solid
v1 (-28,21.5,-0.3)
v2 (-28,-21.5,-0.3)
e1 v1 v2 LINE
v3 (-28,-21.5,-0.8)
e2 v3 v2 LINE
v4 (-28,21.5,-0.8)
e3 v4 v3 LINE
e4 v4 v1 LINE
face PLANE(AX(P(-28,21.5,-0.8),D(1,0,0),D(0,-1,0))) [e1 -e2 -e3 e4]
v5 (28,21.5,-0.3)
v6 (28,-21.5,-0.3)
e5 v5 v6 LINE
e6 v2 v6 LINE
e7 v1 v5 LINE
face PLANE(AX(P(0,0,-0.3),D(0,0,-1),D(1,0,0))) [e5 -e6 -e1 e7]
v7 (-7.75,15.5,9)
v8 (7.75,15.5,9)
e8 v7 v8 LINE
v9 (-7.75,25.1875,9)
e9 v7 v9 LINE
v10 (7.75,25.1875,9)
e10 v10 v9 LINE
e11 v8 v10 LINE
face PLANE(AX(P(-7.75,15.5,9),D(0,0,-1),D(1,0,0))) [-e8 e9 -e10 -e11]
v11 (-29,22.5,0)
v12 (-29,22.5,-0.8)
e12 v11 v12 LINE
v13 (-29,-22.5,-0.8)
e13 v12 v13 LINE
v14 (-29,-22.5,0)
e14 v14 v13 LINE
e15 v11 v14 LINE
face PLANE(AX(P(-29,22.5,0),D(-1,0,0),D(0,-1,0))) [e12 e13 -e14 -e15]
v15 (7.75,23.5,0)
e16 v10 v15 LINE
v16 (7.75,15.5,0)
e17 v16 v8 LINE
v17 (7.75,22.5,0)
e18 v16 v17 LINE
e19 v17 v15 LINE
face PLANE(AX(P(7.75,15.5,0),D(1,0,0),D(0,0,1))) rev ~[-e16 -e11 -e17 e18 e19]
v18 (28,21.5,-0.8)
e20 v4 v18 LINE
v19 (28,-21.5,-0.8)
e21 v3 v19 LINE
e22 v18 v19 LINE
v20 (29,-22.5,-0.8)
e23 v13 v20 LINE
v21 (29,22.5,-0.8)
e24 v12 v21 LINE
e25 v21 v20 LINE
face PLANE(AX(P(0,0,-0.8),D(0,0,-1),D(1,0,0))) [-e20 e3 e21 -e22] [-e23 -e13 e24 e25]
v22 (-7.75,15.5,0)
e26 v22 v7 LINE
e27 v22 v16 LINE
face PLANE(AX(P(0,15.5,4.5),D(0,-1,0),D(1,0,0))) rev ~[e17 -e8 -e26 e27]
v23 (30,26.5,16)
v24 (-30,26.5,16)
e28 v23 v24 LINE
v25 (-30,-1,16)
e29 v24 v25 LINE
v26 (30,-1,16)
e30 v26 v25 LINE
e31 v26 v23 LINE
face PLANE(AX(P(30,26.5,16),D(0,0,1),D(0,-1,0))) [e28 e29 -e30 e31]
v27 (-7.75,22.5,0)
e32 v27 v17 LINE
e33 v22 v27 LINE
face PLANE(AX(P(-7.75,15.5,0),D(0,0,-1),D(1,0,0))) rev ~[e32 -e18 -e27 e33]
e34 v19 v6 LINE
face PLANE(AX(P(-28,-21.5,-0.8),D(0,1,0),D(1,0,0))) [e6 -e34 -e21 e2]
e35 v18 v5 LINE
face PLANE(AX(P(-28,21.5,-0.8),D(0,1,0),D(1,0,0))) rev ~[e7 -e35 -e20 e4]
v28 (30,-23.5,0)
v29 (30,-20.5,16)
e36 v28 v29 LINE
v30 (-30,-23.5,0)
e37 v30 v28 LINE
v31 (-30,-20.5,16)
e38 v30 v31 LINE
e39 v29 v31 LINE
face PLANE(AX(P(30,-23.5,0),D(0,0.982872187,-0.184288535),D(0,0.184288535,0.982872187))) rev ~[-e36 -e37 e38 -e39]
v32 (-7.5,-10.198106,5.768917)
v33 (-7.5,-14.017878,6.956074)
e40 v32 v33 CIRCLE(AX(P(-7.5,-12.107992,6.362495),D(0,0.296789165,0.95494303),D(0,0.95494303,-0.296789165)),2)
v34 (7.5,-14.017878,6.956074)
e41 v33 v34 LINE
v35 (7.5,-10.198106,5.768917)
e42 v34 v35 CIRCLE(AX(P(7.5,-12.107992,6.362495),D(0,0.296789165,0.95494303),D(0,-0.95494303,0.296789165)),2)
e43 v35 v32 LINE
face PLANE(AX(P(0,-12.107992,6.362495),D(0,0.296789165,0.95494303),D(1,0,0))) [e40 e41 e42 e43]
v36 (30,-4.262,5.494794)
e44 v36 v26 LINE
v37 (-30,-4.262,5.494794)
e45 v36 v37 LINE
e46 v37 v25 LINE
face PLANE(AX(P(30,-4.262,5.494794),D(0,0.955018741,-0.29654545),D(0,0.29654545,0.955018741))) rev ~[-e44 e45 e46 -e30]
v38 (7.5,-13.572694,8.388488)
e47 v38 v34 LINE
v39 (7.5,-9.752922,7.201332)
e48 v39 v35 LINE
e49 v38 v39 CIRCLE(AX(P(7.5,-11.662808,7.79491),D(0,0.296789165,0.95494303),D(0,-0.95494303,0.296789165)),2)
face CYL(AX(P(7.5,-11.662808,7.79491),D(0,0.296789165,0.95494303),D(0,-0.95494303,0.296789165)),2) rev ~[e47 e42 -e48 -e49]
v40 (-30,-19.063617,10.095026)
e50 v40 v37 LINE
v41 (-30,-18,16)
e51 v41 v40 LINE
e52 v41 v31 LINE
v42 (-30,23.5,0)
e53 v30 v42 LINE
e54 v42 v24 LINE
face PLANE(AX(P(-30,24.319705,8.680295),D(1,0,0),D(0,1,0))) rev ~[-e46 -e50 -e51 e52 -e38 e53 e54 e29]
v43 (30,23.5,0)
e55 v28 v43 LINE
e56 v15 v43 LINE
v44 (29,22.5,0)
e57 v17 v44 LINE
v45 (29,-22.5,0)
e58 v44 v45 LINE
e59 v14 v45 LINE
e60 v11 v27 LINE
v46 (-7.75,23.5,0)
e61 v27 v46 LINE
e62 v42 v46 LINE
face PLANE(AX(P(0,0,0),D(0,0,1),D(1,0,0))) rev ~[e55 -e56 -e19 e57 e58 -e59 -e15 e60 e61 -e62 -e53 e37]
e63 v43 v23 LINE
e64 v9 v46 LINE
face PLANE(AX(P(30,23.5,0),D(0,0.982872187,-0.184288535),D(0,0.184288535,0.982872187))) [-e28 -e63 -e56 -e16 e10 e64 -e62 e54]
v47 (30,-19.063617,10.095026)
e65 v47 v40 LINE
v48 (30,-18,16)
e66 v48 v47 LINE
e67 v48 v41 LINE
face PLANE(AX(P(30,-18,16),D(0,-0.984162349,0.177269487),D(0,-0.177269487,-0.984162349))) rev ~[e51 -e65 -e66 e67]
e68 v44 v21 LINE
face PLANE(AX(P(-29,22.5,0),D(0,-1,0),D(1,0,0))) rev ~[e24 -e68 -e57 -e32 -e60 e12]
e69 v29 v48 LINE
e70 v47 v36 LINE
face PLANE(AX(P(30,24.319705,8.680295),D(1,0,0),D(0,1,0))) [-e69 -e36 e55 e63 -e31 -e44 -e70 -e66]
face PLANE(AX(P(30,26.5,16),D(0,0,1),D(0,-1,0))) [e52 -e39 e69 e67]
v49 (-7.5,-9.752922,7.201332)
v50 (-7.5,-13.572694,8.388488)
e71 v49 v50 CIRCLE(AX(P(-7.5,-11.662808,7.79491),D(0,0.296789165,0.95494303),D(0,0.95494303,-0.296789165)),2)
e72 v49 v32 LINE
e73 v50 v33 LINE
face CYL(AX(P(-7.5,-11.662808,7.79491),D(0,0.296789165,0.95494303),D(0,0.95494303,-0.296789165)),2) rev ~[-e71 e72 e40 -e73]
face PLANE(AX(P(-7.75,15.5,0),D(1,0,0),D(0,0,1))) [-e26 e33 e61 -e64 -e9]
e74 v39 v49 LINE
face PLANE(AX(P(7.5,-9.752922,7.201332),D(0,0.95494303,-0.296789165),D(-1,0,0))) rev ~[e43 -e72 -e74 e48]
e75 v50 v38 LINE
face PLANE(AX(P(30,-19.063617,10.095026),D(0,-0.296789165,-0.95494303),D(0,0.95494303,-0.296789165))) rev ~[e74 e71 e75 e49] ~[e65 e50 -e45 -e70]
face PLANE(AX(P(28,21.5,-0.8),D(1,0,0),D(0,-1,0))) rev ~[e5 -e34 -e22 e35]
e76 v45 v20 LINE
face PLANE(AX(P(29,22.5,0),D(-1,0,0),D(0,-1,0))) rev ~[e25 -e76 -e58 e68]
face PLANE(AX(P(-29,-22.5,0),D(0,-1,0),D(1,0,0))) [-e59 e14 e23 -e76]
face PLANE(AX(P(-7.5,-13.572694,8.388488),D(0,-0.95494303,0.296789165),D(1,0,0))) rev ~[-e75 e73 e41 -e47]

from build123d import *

# Parameters (mm, degrees)
F0_W      = 60
F0_H      = 47
F1_DEPTH  = 16
F2_W      = 58
F2_H      = 45
F3_DEPTH  = 0.8
F4_W      = 56
F4_H      = 43
F5_DEPTH  = 0.5
F7_DEPTH  = 60
F9_DEPTH  = 60.001
F11_DEPTH = 60.001
F14_W     = 15.5
F14_H     = 9
F15_DEPTH = 25
F9_FACE_W = 60
F9_FACE_H = 16.2788205961
F17_DEPTH = 1.5


with BuildPart() as f1:
    # F0 (on Top) → F1 (new body)
    with BuildSketch(Plane.XY):
        Rectangle(F0_W, F0_H)
    extrude(amount=F1_DEPTH)

    # F2 (on face) → F3 (join)
    with BuildSketch(Plane(origin=(0, 0, 0), x_dir=(1, 0, 0), z_dir=(0, 0, -1))):
        Rectangle(F2_W, F2_H)
    extrude(amount=F3_DEPTH)

    # F4 (on face) → F5 (cut)
    with BuildSketch(Plane(origin=(0, 0, -0.8), x_dir=(1, 0, 0), z_dir=(0, 0, -1))):
        Rectangle(F4_W, F4_H)
    extrude(amount=-F5_DEPTH, mode=Mode.SUBTRACT)

    # F6 (on face) → F7 (join)
    with BuildSketch(Plane.YZ.offset(30)):
        Polygon((26.5, 16), (23.5, 16), (23.5, 0), align=None)
    extrude(amount=-F7_DEPTH)

    # F8 (on face) → F9 (cut, through all)
    with BuildSketch(Plane.YZ.offset(30)):
        Polygon((-20.5, 16), (-23.5, 16), (-23.5, 0), align=None)
    extrude(amount=-F9_DEPTH, mode=Mode.SUBTRACT)

    # F10 (on face) → F11 (cut, through all)
    with BuildSketch(Plane.YZ.offset(30)):
        Polygon((-4.261999952, 5.4947938472), (-1, 16), (-18, 16), (-19.0636169243, 10.0950259071), align=None)
    extrude(amount=-F11_DEPTH, mode=Mode.SUBTRACT)

    # F14 (on plane+point) → F15 (cut)
    with BuildSketch(Plane.XZ.offset(-15.5)):
        with Locations((0, 4.5)):
            Rectangle(F14_W, F14_H)
    extrude(amount=-F15_DEPTH, mode=Mode.SUBTRACT)

    # F16 (on face) + F9_face (on face) → F17 (cut)
    with BuildSketch(Plane(origin=(0, 1.1819033976, 3.8028693253), x_dir=(1, 0, 0), z_dir=(0, 0.2967891652, 0.9549430305))):
        with BuildLine():
            ThreePointArc((7.5, -15.4507624286), (9.5, -13.4507624286), (7.5, -11.4507624286))
            Line((7.5, -11.4507624286), (-7.5, -11.4507624286))
            ThreePointArc((-7.5, -11.4507624286), (-9.5, -13.4507624286), (-7.5, -15.4507624286))
            Line((-7.5, -15.4507624286), (7.5, -15.4507624286))
        make_face()
    with BuildSketch(Plane(origin=(0, -22, 8), x_dir=(1, 0, 0), z_dir=(0, -0.9828721869, 0.1842885351))):
        Rectangle(F9_FACE_W, F9_FACE_H)
    extrude(amount=-F17_DEPTH, dir=(0, 0.2967891652, 0.9549430305), mode=Mode.SUBTRACT)


solid = f1.part
